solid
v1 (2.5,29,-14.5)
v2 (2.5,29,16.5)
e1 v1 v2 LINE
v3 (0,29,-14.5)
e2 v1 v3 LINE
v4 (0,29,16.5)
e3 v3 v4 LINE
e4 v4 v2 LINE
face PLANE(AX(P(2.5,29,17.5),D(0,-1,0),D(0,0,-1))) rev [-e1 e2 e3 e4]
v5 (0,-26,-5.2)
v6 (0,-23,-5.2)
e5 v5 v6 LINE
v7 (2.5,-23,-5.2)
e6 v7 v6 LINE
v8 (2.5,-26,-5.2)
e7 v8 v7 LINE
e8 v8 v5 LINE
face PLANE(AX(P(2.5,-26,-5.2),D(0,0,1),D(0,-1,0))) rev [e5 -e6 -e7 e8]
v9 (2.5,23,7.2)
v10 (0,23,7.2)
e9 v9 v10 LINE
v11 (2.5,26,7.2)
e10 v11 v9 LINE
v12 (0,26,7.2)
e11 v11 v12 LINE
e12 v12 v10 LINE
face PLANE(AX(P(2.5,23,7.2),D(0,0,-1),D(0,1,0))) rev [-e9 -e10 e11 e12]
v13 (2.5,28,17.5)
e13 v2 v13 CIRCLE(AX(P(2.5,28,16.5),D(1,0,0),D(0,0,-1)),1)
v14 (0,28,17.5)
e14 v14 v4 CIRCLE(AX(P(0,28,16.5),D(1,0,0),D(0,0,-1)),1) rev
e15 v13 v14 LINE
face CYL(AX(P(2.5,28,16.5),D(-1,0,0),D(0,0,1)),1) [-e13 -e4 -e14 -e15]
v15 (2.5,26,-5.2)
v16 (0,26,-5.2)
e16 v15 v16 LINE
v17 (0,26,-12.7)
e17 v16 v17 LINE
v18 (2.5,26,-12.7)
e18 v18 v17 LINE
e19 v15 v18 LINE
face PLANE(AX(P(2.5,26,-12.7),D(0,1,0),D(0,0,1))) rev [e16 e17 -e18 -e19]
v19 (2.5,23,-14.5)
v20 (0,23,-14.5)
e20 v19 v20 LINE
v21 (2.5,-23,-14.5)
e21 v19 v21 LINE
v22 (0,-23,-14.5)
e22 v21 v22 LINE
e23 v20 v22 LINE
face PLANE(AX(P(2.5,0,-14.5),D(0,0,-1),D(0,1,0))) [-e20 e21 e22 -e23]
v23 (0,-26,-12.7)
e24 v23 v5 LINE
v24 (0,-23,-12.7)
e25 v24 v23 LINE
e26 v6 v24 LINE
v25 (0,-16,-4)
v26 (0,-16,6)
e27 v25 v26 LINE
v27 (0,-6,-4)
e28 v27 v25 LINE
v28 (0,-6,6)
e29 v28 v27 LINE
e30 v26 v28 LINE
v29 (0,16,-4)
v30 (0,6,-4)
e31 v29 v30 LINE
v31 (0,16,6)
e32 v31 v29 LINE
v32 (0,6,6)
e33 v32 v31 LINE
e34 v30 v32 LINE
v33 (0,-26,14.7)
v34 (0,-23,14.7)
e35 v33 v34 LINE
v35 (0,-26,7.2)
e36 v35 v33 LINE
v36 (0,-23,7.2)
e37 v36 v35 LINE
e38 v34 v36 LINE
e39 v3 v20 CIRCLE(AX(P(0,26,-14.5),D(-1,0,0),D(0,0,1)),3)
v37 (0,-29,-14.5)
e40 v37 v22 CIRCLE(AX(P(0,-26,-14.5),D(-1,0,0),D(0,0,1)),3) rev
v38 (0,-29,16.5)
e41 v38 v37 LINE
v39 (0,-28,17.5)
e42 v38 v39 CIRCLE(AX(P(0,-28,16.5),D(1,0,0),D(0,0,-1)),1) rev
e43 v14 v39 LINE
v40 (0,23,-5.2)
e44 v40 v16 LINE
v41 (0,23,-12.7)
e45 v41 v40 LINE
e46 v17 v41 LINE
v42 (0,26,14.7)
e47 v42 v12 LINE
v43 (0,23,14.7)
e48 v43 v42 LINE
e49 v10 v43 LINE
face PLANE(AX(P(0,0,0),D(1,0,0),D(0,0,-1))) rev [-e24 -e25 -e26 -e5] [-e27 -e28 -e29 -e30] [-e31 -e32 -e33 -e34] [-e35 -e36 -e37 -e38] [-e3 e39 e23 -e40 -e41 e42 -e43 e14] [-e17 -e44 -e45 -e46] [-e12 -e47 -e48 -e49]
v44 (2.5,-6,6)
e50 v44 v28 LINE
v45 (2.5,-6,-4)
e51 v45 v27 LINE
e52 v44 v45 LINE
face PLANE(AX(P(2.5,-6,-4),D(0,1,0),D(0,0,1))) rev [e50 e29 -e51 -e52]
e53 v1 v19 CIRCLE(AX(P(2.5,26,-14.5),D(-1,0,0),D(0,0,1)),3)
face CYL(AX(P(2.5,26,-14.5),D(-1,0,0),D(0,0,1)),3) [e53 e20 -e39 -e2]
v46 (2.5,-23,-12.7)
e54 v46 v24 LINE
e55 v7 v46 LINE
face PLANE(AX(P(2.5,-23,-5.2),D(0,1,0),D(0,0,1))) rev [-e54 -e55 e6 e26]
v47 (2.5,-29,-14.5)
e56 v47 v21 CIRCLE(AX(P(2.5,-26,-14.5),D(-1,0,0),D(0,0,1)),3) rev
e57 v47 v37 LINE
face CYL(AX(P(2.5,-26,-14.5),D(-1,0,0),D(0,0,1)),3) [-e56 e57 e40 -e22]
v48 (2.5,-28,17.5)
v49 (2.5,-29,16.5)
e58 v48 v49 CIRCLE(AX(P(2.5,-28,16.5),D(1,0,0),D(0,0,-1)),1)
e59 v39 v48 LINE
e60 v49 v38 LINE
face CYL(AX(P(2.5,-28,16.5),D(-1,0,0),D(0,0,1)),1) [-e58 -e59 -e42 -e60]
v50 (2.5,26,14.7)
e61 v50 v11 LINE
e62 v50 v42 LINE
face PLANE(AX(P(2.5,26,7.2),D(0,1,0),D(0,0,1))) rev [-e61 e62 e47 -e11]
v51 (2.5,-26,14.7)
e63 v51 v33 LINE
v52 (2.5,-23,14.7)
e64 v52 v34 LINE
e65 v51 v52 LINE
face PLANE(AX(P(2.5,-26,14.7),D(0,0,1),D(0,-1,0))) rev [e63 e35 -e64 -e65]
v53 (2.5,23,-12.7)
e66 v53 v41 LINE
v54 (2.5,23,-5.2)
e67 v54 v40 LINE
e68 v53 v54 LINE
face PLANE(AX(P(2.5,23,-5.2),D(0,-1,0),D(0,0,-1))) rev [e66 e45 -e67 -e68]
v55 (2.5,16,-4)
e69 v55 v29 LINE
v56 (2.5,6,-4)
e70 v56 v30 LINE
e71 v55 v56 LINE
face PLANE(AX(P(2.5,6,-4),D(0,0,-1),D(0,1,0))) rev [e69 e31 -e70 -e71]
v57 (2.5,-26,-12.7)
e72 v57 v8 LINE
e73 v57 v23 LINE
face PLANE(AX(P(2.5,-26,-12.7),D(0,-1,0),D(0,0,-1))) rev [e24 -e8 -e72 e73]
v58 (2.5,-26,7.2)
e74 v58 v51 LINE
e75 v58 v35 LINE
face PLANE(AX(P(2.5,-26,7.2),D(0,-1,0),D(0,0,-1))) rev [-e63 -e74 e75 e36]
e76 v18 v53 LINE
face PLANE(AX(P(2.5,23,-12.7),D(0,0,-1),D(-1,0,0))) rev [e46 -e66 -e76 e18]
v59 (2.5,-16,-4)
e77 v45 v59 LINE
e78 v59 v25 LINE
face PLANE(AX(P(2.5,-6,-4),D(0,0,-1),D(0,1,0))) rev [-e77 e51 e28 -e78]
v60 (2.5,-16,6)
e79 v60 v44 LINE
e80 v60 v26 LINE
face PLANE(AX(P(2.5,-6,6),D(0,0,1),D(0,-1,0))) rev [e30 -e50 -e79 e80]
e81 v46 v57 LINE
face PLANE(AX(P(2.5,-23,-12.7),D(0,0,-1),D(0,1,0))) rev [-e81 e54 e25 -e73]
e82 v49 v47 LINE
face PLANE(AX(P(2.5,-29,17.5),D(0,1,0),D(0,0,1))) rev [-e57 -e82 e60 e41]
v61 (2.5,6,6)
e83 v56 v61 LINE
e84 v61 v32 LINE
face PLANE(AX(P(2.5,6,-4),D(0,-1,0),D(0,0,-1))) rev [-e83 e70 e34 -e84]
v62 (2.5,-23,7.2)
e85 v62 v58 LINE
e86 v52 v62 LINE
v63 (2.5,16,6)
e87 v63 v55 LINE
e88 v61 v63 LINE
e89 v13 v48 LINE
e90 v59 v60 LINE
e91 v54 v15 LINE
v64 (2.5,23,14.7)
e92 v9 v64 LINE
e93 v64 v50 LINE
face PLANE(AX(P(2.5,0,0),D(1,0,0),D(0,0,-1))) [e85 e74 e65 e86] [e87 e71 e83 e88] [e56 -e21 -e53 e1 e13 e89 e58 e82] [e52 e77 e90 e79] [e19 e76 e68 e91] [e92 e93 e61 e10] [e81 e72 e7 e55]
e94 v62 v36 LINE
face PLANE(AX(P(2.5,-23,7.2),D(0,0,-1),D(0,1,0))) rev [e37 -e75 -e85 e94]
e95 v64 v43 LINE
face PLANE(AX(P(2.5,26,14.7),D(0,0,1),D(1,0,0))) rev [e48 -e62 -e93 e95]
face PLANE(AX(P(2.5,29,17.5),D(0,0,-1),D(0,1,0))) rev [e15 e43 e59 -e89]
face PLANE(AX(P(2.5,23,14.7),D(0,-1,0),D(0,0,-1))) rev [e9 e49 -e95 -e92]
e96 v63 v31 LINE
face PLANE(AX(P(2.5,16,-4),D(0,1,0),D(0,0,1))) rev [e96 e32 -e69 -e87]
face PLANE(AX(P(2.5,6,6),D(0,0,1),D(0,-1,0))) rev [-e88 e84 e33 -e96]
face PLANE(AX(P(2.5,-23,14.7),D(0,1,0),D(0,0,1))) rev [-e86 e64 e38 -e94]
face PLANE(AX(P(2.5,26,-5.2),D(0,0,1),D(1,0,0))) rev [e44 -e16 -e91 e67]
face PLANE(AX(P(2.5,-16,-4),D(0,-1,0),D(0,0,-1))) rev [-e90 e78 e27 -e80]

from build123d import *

# Parameters (mm, degrees)
SKETCH_2_W          = 35
SKETCH_2_H          = 58
EXTRUDE_1_DEPTH     = 2.5
SKETCH_4_W          = 7.5
SKETCH_4_H          = 3
CUT_EXTRUDE_1_DEPTH = 3.5
CUT_EXTRUDE_2_DEPTH = 3.5
SKETCH_7_W          = 10
SKETCH_7_H          = 10
CUT_EXTRUDE_3_DEPTH = 3.5
FILLET_1_R          = 1


with BuildPart() as part:
    # 草图2 → 凸台-拉伸1 (new body)
    with BuildSketch(Plane(origin=(0, 0, 0), x_dir=(0, 0, -1), z_dir=(1, 0, 0))):
        Rectangle(SKETCH_2_W, SKETCH_2_H)
    extrude(amount=EXTRUDE_1_DEPTH)

    # 草图4 → 切除-拉伸1 (cut, through all)
    with BuildSketch(Plane.ZY):
        with Locations((-8.95, 24.5)):
            Rectangle(SKETCH_4_W, SKETCH_4_H)
        with Locations((10.95, 24.5)):
            Rectangle(SKETCH_4_W, SKETCH_4_H)
        with Locations((-8.95, -24.5)):
            Rectangle(SKETCH_4_W, SKETCH_4_H)
        with Locations((10.95, -24.5)):
            Rectangle(SKETCH_4_W, SKETCH_4_H)
    extrude(amount=-CUT_EXTRUDE_1_DEPTH, mode=Mode.SUBTRACT)

    # 草图5 → 切除-拉伸2 (cut, through all)
    with BuildSketch(Plane.ZY):
        with BuildLine():
            Line((-17.5, 29), (-17.5, 26.000000007))
            ThreePointArc((-17.5, 26.000000007), (-16.621320341, 28.121320346), (-14.5, 29))
            Line((-14.5, 29), (-17.5, 29))
        make_face()
        with BuildLine():
            Line((-14.5, 0), (-14.5, 23))
            ThreePointArc((-14.5, 23), (-16.621320346, 23.878679659), (-17.5, 26.000000007))
            Line((-17.5, 26.000000007), (-17.5, 0))
            Line((-17.5, 0), (-14.5, 0))
        make_face()
        with BuildLine():
            Line((-14.5, -23), (-14.5, 0))
            Line((-14.5, 0), (-17.5, 0))
            Line((-17.5, 0), (-17.5, -26))
            ThreePointArc((-17.5, -26), (-16.621320344, -23.878679656), (-14.5, -23))
        make_face()
        with BuildLine():
            ThreePointArc((-14.5, -29), (-16.621320344, -28.121320344), (-17.5, -26))
            Line((-17.5, -26), (-17.5, -29))
            Line((-17.5, -29), (-14.5, -29))
        make_face()
    extrude(amount=-CUT_EXTRUDE_2_DEPTH, mode=Mode.SUBTRACT)

    # 草图7 → 切除-拉伸3 (cut, through all)
    with BuildSketch(Plane.ZY):
        with Locations((1, -11)):
            Rectangle(SKETCH_7_W, SKETCH_7_H)
        with Locations((1, 11)):
            Rectangle(SKETCH_7_W, SKETCH_7_H)
    extrude(amount=-CUT_EXTRUDE_3_DEPTH, mode=Mode.SUBTRACT)

    # 圆角1
    fillet_1_edges = [part.edges().sort_by_distance(p)[0] for p in [
        (1.25, -29, 17.5),
        (1.25, 29, 17.5),
    ]]
    fillet(fillet_1_edges, radius=FILLET_1_R)


solid = part.part
